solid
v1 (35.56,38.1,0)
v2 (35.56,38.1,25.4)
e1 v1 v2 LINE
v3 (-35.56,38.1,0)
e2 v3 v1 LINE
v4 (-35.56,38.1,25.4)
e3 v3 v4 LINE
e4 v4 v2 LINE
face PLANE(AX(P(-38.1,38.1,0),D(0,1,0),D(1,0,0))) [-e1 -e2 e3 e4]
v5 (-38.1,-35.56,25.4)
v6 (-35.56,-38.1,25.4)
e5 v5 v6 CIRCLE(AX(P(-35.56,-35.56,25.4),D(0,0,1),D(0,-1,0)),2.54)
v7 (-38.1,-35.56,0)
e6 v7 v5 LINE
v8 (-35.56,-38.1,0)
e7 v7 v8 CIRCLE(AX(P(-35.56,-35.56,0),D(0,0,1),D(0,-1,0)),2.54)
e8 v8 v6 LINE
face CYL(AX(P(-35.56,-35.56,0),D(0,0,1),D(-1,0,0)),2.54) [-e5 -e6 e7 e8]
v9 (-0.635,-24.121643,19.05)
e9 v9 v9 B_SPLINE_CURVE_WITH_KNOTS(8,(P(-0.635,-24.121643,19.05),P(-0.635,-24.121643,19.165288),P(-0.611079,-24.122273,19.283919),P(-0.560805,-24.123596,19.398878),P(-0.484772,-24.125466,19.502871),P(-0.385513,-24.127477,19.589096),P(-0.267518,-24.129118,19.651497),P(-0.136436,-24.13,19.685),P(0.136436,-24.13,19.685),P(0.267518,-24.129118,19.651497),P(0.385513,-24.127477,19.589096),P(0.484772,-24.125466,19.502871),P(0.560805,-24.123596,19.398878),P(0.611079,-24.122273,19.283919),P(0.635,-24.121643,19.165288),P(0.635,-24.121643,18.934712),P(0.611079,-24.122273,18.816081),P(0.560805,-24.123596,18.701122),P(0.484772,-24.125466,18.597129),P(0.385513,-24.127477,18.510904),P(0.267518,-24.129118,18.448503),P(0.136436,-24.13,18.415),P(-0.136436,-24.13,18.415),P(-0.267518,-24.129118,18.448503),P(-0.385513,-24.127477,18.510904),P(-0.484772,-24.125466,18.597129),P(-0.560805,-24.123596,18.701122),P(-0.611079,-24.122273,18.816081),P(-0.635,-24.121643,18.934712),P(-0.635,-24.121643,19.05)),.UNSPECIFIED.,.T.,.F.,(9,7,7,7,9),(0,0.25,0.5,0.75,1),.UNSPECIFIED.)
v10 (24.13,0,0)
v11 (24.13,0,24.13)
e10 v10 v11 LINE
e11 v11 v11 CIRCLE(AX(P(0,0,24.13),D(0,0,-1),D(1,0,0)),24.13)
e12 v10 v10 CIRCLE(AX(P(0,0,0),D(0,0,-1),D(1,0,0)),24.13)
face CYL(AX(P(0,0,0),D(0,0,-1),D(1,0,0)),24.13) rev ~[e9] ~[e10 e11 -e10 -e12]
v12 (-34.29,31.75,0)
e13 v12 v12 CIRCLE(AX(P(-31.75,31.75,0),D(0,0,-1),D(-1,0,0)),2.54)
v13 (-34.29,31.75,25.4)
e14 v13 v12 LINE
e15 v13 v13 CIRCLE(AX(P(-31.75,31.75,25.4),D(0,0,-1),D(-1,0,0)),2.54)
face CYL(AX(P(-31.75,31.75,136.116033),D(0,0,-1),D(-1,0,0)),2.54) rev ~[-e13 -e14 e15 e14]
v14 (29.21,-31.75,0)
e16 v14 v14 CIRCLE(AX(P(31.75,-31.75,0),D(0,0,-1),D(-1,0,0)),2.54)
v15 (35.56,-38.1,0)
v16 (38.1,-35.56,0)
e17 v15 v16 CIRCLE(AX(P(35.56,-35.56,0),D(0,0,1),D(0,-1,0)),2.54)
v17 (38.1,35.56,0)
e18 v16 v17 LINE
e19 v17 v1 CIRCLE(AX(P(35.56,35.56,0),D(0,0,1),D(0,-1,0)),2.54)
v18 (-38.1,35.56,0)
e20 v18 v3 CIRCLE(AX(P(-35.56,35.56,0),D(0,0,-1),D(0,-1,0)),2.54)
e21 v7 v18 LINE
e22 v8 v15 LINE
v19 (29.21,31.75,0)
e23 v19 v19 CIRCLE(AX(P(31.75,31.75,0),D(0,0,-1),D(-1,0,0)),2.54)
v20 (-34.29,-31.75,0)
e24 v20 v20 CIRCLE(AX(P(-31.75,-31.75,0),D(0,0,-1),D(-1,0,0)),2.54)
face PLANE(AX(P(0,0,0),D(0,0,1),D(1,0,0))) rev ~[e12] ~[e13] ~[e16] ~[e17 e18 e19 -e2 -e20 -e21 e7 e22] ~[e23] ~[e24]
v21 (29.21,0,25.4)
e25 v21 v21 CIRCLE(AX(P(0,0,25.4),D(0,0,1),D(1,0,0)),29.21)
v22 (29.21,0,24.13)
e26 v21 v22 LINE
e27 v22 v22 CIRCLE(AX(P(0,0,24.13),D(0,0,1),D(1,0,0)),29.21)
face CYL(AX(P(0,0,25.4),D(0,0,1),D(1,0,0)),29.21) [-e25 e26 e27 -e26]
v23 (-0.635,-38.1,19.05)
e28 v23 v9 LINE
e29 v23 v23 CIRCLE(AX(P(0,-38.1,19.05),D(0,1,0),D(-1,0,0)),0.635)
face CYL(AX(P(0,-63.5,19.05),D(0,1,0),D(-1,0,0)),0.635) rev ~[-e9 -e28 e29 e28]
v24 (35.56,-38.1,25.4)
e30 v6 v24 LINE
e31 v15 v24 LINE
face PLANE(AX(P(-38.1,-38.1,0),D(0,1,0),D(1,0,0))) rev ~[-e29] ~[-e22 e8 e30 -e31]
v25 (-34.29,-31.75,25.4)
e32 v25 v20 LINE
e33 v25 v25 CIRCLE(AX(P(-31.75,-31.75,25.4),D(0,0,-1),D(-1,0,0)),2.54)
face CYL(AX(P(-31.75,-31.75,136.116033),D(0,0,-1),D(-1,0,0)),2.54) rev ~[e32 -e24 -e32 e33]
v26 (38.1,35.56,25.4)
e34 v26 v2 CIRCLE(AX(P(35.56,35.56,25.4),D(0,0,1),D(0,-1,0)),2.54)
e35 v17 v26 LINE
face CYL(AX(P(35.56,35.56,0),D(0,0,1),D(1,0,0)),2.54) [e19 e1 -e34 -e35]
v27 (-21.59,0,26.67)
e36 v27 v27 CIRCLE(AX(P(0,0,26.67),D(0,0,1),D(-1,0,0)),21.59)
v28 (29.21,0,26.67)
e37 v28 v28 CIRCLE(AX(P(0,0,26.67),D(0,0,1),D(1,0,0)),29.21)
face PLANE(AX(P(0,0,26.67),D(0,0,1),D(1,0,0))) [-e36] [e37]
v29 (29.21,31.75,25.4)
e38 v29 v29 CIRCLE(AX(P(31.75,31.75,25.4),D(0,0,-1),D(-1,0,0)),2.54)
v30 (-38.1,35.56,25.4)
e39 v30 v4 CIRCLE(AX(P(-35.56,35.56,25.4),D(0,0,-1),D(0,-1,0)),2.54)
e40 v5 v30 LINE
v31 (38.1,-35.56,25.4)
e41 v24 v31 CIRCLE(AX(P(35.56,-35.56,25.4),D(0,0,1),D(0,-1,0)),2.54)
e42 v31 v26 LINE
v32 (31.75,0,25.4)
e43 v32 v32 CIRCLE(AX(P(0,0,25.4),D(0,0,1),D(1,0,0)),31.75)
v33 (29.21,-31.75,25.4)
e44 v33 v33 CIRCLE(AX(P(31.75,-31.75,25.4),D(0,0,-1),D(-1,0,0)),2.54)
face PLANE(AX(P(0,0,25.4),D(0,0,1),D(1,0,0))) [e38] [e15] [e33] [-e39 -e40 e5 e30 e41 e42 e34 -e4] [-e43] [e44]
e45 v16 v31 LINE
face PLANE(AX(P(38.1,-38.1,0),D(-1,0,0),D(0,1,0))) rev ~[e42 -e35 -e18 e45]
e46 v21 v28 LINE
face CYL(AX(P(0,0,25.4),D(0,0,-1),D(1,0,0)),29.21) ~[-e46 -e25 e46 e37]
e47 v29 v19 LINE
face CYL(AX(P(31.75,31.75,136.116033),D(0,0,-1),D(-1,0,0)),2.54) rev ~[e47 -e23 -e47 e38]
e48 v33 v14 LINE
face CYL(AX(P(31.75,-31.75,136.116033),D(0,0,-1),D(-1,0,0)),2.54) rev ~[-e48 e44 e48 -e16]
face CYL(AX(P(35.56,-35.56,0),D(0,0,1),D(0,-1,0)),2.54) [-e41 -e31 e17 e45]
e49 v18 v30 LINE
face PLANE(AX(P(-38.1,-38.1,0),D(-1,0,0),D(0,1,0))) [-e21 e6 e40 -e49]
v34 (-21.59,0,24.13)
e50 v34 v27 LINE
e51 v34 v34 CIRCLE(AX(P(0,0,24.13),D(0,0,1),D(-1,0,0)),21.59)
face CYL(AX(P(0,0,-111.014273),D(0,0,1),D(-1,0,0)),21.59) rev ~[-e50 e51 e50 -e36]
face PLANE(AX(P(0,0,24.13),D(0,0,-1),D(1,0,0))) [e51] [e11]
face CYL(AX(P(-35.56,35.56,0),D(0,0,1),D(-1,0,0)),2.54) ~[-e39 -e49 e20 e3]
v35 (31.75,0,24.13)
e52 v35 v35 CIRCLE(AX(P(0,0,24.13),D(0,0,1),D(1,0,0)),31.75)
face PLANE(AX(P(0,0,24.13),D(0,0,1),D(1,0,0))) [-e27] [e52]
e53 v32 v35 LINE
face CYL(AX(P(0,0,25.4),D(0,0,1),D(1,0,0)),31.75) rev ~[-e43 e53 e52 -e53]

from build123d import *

# Parameters (mm, degrees)
F0_W      = 76.2
F0_H      = 76.2
F1_DEPTH  = 25.4
F2_R      = 2.54
F3_R      = 31.75
F3_R_2    = 29.21
F4_DEPTH  = 1.27
F5_D      = 5.08
F4_FACE_R = 29.21
F6_DEPTH  = 1.27
F7_R      = 24.13
F8_DEPTH  = 24.13
F9_D      = 43.18
F11_D     = 1.27
F11_DEPTH = 25.4


with BuildPart() as f1:
    # F0 (on Top) → F1 (new body)
    with BuildSketch(Plane.XY):
        Rectangle(F0_W, F0_H)
    extrude(amount=F1_DEPTH)

    # F2
    f2_edges = [f1.edges().sort_by_distance(p)[0] for p in [
        (38.1, -38.1, 12.7),
        (38.1, 38.1, 12.7),
        (-38.1, -38.1, 12.7),
        (-38.1, 38.1, 12.7),
    ]]
    fillet(f2_edges, radius=F2_R)

    # F3 (on face) → F4 (cut)
    with BuildSketch(Plane.XY.offset(25.4)):
        Circle(F3_R)
        Circle(F3_R_2, mode=Mode.SUBTRACT)
    extrude(amount=-F4_DEPTH, mode=Mode.SUBTRACT)

    # F5 (through all)
    with Locations(Plane.XY.offset(25.4)):
        with Locations((-31.75, 31.75), (31.75, 31.75), (31.75, -31.75), (-31.75, -31.75)):
            Hole(F5_D / 2)

    # F4_face (on face) → F6 (join)
    with BuildSketch(Plane.XY.offset(25.4)):
        Circle(F4_FACE_R)
    extrude(amount=F6_DEPTH)

    # F7 (on face) → F8 (cut)
    with BuildSketch(Plane(origin=(0, 0, 0), x_dir=(1, 0, 0), z_dir=(0, 0, -1))):
        Circle(F7_R)
    extrude(amount=-F8_DEPTH, mode=Mode.SUBTRACT)

    # F9 (through all)
    with Locations(Plane(origin=(0, 0, 0), x_dir=(1, 0, 0), z_dir=(0, 0, -1))):
        with Locations((0, 0)):
            Hole(F9_D / 2)

    # F11
    with Locations(Plane.XZ.offset(38.1)):
        with Locations((0, 19.05)):
            Hole(F11_D / 2, depth=F11_DEPTH)


solid = f1.part
